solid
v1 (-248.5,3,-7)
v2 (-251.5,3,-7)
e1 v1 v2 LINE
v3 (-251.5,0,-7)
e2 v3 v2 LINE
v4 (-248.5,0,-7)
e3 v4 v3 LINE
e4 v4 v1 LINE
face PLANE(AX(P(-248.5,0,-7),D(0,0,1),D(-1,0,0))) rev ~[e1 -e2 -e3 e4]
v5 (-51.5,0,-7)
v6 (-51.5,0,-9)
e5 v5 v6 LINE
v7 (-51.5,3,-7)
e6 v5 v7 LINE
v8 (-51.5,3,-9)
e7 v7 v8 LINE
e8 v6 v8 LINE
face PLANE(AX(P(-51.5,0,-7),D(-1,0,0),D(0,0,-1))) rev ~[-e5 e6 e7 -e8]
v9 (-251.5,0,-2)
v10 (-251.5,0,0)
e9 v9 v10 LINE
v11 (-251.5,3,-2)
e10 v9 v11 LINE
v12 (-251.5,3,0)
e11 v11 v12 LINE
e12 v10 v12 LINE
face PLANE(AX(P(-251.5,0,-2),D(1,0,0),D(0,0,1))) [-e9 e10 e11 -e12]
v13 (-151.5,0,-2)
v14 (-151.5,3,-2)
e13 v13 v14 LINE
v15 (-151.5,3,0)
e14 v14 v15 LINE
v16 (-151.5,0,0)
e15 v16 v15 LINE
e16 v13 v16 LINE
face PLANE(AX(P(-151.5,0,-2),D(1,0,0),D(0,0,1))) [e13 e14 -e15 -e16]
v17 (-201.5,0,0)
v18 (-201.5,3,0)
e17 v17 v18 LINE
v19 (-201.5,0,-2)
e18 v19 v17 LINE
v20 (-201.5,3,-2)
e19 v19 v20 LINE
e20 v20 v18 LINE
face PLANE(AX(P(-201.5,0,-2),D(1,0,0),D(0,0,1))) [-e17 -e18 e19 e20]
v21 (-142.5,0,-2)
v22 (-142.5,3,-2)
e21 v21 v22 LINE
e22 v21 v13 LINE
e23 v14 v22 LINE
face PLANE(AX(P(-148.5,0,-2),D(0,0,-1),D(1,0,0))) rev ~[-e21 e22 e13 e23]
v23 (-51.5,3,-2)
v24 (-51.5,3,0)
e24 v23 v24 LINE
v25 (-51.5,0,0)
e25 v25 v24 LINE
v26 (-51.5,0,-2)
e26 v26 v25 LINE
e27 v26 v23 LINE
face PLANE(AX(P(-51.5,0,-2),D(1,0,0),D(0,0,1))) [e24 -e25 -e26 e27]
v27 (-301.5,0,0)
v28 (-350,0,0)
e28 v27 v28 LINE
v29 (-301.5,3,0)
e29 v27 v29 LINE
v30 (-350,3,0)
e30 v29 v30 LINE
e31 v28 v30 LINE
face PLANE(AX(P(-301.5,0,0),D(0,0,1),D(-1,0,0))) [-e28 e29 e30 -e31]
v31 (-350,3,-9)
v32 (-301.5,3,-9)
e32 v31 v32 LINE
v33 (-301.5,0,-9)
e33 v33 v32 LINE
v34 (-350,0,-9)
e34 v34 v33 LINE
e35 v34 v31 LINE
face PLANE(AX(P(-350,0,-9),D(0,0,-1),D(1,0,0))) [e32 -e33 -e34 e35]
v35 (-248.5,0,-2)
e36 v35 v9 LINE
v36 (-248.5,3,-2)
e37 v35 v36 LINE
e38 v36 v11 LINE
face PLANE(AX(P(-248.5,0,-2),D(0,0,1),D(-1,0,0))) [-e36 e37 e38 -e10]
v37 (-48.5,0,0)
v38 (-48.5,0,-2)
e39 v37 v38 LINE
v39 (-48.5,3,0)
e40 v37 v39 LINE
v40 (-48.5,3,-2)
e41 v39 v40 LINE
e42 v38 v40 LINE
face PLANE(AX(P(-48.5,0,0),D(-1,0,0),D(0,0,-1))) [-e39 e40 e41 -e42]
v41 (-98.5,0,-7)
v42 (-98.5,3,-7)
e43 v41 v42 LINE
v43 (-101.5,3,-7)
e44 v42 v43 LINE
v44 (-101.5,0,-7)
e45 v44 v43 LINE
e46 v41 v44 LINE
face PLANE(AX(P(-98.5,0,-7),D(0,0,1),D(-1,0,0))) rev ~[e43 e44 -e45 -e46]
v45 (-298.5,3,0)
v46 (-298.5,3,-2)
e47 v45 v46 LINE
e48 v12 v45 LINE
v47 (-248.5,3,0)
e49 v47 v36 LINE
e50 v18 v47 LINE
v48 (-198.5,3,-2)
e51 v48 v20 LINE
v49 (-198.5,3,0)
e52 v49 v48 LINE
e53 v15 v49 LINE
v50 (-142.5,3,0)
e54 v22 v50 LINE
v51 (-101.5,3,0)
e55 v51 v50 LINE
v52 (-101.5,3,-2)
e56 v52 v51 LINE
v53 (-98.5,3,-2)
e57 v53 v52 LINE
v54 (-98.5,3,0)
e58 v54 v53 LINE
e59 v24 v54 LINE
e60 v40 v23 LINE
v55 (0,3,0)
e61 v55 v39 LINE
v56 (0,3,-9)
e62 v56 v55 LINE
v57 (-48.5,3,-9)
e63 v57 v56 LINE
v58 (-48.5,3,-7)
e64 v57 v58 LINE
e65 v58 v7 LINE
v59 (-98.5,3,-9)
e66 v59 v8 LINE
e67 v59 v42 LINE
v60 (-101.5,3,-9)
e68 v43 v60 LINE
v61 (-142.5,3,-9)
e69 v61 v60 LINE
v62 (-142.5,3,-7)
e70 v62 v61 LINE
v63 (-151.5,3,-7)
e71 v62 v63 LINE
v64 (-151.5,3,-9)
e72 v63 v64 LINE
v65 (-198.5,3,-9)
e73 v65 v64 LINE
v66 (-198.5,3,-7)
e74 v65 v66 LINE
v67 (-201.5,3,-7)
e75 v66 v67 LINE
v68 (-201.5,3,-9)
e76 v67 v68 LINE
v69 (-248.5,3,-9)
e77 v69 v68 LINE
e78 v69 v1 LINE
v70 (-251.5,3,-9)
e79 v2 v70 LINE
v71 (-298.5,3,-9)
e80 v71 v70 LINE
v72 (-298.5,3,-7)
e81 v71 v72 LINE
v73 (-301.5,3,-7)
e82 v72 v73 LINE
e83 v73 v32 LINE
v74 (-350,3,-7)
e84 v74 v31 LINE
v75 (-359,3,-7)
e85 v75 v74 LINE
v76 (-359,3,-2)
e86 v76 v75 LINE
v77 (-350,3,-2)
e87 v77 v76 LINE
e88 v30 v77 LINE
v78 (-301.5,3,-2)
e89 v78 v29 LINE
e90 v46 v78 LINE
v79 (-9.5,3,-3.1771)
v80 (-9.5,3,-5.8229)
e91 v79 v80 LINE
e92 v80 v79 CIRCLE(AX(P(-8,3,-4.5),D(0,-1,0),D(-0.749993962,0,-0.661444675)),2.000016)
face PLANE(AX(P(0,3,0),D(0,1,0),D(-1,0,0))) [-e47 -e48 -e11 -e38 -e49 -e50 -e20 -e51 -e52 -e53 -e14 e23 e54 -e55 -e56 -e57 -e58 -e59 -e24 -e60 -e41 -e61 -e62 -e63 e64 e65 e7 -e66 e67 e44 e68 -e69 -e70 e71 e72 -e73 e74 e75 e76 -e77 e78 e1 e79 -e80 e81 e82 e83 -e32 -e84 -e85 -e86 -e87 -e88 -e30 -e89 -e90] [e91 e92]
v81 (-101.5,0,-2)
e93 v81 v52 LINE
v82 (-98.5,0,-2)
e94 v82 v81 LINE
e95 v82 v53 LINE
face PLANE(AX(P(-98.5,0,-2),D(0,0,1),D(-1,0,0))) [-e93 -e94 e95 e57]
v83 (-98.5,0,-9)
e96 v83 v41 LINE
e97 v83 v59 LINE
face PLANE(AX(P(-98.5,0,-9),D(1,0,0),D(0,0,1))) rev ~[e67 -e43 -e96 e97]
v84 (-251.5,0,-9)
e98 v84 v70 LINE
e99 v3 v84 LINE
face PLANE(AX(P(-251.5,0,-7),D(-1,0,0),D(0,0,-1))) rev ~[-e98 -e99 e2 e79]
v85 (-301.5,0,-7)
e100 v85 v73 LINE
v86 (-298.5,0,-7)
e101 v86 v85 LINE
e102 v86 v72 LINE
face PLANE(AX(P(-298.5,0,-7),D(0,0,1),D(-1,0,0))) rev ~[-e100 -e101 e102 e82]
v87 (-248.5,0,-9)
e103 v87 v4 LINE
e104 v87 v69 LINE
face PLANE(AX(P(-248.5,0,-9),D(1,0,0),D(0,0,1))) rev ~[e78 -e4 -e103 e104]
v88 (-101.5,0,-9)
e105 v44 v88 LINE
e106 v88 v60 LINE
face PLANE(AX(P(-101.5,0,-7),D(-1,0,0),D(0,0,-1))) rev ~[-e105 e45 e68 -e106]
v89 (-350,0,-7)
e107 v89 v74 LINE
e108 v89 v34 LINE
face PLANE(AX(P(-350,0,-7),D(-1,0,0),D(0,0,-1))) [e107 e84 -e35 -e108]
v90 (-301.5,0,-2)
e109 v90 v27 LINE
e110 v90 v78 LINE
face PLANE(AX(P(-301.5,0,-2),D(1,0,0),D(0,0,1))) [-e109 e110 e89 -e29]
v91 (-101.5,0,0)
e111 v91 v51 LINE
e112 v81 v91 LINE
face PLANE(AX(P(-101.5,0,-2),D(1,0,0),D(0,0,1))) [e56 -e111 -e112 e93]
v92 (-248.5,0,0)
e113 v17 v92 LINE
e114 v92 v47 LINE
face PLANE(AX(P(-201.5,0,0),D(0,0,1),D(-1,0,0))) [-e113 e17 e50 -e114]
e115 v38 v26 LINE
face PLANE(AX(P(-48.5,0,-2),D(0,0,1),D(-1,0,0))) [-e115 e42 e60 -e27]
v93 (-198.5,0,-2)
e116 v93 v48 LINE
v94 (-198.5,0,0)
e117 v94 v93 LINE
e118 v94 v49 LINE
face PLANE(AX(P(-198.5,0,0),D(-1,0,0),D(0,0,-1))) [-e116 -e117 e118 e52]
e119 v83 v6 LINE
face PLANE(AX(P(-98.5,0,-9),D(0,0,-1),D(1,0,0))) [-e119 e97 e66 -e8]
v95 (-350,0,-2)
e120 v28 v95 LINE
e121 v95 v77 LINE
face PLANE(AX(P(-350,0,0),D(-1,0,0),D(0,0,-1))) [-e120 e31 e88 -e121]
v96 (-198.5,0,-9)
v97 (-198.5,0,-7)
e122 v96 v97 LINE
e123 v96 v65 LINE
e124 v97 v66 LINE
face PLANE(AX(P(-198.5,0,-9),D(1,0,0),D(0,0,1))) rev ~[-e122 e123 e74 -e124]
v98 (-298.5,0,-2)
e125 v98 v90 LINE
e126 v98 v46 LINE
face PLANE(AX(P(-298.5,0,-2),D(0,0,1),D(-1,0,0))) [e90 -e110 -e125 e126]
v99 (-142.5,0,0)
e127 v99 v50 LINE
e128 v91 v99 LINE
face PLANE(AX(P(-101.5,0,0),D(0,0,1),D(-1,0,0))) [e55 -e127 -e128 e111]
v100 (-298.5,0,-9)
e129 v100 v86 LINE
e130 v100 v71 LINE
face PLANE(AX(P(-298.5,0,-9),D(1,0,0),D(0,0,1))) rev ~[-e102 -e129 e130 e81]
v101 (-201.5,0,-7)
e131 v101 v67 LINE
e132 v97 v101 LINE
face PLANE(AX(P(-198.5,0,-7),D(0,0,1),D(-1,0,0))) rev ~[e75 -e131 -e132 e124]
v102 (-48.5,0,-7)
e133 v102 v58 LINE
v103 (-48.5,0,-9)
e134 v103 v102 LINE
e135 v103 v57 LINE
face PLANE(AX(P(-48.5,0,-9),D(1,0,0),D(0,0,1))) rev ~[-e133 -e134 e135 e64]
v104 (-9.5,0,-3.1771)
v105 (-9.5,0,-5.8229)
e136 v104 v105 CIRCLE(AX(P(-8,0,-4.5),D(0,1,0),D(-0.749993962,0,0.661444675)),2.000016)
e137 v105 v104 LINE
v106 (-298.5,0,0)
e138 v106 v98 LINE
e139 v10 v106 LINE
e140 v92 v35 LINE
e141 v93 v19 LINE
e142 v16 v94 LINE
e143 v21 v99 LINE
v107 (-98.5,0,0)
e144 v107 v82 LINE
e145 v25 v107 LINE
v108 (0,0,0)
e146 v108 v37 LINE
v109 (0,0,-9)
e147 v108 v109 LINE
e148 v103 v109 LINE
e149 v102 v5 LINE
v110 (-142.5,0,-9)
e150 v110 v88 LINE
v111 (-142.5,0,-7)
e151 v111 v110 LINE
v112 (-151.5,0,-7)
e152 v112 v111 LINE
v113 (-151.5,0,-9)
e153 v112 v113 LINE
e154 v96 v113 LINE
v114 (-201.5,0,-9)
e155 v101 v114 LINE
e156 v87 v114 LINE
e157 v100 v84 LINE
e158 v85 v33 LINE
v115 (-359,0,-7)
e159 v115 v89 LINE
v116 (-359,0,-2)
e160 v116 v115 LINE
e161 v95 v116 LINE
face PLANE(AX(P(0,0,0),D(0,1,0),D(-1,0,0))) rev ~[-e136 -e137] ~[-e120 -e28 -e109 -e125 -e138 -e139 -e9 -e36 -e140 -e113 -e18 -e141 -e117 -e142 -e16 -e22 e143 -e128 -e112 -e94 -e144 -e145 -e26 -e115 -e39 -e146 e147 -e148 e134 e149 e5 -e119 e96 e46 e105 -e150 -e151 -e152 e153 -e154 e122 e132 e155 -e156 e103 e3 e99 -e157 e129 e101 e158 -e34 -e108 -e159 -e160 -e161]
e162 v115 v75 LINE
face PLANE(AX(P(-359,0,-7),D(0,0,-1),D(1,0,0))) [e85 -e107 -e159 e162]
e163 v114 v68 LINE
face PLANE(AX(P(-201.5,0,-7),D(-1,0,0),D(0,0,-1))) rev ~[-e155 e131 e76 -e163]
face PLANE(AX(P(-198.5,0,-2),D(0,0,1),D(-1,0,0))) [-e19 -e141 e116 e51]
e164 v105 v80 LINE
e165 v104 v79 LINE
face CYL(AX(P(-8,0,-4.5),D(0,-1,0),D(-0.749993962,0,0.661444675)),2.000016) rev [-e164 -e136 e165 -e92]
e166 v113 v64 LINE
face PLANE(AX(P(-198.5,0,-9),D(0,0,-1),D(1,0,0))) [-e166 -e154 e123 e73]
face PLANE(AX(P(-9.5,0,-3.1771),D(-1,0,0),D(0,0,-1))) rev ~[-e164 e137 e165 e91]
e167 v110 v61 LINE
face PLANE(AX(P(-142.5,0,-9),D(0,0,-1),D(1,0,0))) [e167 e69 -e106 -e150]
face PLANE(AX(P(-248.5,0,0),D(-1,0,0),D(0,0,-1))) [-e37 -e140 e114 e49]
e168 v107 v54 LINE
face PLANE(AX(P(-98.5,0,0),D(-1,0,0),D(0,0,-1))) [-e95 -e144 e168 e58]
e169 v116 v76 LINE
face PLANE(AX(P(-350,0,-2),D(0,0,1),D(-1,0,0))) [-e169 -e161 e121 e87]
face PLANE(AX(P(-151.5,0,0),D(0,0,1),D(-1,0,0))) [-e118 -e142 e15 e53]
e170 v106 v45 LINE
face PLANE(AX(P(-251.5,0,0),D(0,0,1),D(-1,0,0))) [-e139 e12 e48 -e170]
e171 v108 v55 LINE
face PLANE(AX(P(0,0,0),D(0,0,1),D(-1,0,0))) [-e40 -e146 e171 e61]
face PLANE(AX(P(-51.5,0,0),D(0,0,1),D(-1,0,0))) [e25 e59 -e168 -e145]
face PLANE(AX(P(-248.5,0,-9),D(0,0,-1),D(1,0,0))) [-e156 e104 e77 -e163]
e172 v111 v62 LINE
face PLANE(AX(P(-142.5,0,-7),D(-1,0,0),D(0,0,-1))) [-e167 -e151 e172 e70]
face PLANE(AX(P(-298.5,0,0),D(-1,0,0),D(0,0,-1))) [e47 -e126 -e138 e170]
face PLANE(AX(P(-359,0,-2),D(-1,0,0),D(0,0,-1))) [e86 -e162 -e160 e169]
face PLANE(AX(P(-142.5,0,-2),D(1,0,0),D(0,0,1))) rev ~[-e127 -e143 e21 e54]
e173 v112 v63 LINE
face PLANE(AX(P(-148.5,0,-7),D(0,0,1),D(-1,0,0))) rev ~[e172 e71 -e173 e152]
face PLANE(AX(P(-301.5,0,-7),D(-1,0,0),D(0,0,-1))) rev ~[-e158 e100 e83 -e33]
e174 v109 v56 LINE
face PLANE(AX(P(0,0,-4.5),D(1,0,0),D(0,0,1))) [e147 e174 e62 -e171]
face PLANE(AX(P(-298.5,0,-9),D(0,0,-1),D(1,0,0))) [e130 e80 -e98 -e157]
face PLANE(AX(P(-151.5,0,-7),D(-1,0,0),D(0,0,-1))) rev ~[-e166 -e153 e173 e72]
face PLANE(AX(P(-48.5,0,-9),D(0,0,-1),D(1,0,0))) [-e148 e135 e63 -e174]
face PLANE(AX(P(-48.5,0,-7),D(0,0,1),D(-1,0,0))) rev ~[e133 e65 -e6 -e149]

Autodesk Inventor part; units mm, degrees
ref_plane "YZ Plane" through (0, 0, 0) normal (1, 0, 0) x (0, 1, 0)
ref_plane "XZ Plane" through (0, 0, 0) normal (0, 1, 0) x (-1, 0, 0)
ref_plane "XY Plane" through (0, 0, 0) normal (0, 0, 1) x (1, 0, 0)
sketch "草圖1" plane through (0, 0, 0) normal (0, 1, 0) x (-1, 0, 0)
  line L0 (0, 0) -> (350, 0)
  line L1 (350, 0) -> (350, -9)
  line L2 (350, -9) -> (0, -9)
  line L3 (0, -9) -> (0, 0)
  arc A0 (9.5, -3.1771) -> (9.5, -5.8229) centre (8, -4.5) ccw
  line L4 (0, -4.5) -> (350, -4.5)
  line L5 (301.5, -9) -> (298.5, -9)
  line L6 (298.5, -9) -> (298.5, -7)
  line L7 (298.5, -7) -> (301.5, -7)
  line L8 (301.5, -7) -> (301.5, -9)
  line L9 (298.5, 0) -> (298.5, -2)
  line L10 (298.5, -2) -> (301.5, -2)
  line L11 (301.5, -2) -> (301.5, 0)
  line L12 (248.5, -9) -> (248.5, -7)
  line L13 (248.5, -7) -> (251.5, -7)
  line L14 (251.5, -7) -> (251.5, -9)
  line L15 (248.5, 0) -> (248.5, -2)
  line L16 (248.5, -2) -> (251.5, -2)
  line L17 (251.5, -2) -> (251.5, 0)
  line L18 (198.5, -9) -> (198.5, -7)
  line L19 (198.5, -7) -> (201.5, -7)
  line L20 (201.5, -7) -> (201.5, -9)
  line L21 (198.5, 0) -> (198.5, -2)
  line L22 (198.5, -2) -> (201.5, -2)
  line L23 (201.5, -2) -> (201.5, 0)
  line L24 (148.5, -9) -> (148.5, -7)
  line L25 (148.5, -7) -> (151.5, -7)
  line L26 (151.5, -7) -> (151.5, -9)
  line L27 (148.5, 0) -> (148.5, -2)
  line L28 (148.5, -2) -> (151.5, -2)
  line L29 (151.5, -2) -> (151.5, 0)
  line L30 (98.5, -9) -> (98.5, -7)
  line L31 (98.5, -7) -> (101.5, -7)
  line L32 (101.5, -7) -> (101.5, -9)
  line L33 (98.5, 0) -> (98.5, -2)
  line L34 (98.5, -2) -> (101.5, -2)
  line L35 (101.5, -2) -> (101.5, 0)
  line L36 (48.5, -9) -> (48.5, -7)
  line L37 (48.5, -7) -> (51.5, -7)
  line L38 (51.5, -7) -> (51.5, -9)
  line L39 (48.5, 0) -> (48.5, -2)
  line L40 (48.5, -2) -> (51.5, -2)
  line L41 (51.5, -2) -> (51.5, 0)
  line L42 (350, -2) -> (359, -2)
  line L43 (359, -2) -> (359, -7)
  line L44 (359, -7) -> (350, -7)
  line L45 (350, -7) -> (350, -2)
  line L46 (9.5, -3.1771) -> (9.5, -5.8229)
  line L47 (148.5, -2) -> (142.5, -2)
  line L48 (142.5, -2) -> (142.5, 0)
  line L49 (148.5, -7) -> (142.5, -7)
  line L50 (142.5, -7) -> (142.5, -9)
  point P0 (300, -9)
  point P1 (301.5, 0)
  point P2 (298.5, 0)
  point P3 (251.5, 0)
  point P4 (248.5, 0)
  point P5 (201.5, 0)
  point P6 (198.5, 0)
  point P7 (151.5, 0)
  point P8 (148.5, 0)
  point P9 (101.5, 0)
  point P10 (98.5, 0)
  point P11 (51.5, 0)
  point P12 (48.5, 0)
  point P13 (48.5, -9)
  point P14 (51.5, -9)
  point P15 (98.5, -9)
  point P16 (101.5, -9)
  point P17 (148.5, -9)
  point P18 (151.5, -9)
  point P19 (198.5, -9)
  point P20 (201.5, -9)
  point P21 (248.5, -9)
  point P22 (251.5, -9)
  point P23 (298.5, -9)
  point P24 (301.5, -9)
  dimension "d0" = 350
  dimension "d1" = 9
  dimension "d2" = 4
  dimension "d3" = 8
  dimension "d4" = 3
  dimension "d5" = 2
  dimension "d6" = 50
  dimension "d9" = 50
  dimension "d14" = 5
  dimension "d15" = 9
  dimension "d16" = 1.5
  dimension "d19" = 6
  dimension "d20" = 6
extrude "擠出1" add sketch "草圖1" along normal blind 3 contours L0 L39 L40 L41 L33 L34 L35 L48 L47 L28 L29 L21 L22 L23 L15 L16 L17 L9 L10 L11 L1 L4 L46 A0 L3 | L4 A0 L46 L1 L2 L8 L7 L6 L14 L13 L12 L20 L19 L18 L26 L25 L49 L50 L32 L31 L30 L38 L37 L36 L3 | L1 L42 L43 L44
properties part number "main_Bar" material "MDF Medium Density Fiberboard"
